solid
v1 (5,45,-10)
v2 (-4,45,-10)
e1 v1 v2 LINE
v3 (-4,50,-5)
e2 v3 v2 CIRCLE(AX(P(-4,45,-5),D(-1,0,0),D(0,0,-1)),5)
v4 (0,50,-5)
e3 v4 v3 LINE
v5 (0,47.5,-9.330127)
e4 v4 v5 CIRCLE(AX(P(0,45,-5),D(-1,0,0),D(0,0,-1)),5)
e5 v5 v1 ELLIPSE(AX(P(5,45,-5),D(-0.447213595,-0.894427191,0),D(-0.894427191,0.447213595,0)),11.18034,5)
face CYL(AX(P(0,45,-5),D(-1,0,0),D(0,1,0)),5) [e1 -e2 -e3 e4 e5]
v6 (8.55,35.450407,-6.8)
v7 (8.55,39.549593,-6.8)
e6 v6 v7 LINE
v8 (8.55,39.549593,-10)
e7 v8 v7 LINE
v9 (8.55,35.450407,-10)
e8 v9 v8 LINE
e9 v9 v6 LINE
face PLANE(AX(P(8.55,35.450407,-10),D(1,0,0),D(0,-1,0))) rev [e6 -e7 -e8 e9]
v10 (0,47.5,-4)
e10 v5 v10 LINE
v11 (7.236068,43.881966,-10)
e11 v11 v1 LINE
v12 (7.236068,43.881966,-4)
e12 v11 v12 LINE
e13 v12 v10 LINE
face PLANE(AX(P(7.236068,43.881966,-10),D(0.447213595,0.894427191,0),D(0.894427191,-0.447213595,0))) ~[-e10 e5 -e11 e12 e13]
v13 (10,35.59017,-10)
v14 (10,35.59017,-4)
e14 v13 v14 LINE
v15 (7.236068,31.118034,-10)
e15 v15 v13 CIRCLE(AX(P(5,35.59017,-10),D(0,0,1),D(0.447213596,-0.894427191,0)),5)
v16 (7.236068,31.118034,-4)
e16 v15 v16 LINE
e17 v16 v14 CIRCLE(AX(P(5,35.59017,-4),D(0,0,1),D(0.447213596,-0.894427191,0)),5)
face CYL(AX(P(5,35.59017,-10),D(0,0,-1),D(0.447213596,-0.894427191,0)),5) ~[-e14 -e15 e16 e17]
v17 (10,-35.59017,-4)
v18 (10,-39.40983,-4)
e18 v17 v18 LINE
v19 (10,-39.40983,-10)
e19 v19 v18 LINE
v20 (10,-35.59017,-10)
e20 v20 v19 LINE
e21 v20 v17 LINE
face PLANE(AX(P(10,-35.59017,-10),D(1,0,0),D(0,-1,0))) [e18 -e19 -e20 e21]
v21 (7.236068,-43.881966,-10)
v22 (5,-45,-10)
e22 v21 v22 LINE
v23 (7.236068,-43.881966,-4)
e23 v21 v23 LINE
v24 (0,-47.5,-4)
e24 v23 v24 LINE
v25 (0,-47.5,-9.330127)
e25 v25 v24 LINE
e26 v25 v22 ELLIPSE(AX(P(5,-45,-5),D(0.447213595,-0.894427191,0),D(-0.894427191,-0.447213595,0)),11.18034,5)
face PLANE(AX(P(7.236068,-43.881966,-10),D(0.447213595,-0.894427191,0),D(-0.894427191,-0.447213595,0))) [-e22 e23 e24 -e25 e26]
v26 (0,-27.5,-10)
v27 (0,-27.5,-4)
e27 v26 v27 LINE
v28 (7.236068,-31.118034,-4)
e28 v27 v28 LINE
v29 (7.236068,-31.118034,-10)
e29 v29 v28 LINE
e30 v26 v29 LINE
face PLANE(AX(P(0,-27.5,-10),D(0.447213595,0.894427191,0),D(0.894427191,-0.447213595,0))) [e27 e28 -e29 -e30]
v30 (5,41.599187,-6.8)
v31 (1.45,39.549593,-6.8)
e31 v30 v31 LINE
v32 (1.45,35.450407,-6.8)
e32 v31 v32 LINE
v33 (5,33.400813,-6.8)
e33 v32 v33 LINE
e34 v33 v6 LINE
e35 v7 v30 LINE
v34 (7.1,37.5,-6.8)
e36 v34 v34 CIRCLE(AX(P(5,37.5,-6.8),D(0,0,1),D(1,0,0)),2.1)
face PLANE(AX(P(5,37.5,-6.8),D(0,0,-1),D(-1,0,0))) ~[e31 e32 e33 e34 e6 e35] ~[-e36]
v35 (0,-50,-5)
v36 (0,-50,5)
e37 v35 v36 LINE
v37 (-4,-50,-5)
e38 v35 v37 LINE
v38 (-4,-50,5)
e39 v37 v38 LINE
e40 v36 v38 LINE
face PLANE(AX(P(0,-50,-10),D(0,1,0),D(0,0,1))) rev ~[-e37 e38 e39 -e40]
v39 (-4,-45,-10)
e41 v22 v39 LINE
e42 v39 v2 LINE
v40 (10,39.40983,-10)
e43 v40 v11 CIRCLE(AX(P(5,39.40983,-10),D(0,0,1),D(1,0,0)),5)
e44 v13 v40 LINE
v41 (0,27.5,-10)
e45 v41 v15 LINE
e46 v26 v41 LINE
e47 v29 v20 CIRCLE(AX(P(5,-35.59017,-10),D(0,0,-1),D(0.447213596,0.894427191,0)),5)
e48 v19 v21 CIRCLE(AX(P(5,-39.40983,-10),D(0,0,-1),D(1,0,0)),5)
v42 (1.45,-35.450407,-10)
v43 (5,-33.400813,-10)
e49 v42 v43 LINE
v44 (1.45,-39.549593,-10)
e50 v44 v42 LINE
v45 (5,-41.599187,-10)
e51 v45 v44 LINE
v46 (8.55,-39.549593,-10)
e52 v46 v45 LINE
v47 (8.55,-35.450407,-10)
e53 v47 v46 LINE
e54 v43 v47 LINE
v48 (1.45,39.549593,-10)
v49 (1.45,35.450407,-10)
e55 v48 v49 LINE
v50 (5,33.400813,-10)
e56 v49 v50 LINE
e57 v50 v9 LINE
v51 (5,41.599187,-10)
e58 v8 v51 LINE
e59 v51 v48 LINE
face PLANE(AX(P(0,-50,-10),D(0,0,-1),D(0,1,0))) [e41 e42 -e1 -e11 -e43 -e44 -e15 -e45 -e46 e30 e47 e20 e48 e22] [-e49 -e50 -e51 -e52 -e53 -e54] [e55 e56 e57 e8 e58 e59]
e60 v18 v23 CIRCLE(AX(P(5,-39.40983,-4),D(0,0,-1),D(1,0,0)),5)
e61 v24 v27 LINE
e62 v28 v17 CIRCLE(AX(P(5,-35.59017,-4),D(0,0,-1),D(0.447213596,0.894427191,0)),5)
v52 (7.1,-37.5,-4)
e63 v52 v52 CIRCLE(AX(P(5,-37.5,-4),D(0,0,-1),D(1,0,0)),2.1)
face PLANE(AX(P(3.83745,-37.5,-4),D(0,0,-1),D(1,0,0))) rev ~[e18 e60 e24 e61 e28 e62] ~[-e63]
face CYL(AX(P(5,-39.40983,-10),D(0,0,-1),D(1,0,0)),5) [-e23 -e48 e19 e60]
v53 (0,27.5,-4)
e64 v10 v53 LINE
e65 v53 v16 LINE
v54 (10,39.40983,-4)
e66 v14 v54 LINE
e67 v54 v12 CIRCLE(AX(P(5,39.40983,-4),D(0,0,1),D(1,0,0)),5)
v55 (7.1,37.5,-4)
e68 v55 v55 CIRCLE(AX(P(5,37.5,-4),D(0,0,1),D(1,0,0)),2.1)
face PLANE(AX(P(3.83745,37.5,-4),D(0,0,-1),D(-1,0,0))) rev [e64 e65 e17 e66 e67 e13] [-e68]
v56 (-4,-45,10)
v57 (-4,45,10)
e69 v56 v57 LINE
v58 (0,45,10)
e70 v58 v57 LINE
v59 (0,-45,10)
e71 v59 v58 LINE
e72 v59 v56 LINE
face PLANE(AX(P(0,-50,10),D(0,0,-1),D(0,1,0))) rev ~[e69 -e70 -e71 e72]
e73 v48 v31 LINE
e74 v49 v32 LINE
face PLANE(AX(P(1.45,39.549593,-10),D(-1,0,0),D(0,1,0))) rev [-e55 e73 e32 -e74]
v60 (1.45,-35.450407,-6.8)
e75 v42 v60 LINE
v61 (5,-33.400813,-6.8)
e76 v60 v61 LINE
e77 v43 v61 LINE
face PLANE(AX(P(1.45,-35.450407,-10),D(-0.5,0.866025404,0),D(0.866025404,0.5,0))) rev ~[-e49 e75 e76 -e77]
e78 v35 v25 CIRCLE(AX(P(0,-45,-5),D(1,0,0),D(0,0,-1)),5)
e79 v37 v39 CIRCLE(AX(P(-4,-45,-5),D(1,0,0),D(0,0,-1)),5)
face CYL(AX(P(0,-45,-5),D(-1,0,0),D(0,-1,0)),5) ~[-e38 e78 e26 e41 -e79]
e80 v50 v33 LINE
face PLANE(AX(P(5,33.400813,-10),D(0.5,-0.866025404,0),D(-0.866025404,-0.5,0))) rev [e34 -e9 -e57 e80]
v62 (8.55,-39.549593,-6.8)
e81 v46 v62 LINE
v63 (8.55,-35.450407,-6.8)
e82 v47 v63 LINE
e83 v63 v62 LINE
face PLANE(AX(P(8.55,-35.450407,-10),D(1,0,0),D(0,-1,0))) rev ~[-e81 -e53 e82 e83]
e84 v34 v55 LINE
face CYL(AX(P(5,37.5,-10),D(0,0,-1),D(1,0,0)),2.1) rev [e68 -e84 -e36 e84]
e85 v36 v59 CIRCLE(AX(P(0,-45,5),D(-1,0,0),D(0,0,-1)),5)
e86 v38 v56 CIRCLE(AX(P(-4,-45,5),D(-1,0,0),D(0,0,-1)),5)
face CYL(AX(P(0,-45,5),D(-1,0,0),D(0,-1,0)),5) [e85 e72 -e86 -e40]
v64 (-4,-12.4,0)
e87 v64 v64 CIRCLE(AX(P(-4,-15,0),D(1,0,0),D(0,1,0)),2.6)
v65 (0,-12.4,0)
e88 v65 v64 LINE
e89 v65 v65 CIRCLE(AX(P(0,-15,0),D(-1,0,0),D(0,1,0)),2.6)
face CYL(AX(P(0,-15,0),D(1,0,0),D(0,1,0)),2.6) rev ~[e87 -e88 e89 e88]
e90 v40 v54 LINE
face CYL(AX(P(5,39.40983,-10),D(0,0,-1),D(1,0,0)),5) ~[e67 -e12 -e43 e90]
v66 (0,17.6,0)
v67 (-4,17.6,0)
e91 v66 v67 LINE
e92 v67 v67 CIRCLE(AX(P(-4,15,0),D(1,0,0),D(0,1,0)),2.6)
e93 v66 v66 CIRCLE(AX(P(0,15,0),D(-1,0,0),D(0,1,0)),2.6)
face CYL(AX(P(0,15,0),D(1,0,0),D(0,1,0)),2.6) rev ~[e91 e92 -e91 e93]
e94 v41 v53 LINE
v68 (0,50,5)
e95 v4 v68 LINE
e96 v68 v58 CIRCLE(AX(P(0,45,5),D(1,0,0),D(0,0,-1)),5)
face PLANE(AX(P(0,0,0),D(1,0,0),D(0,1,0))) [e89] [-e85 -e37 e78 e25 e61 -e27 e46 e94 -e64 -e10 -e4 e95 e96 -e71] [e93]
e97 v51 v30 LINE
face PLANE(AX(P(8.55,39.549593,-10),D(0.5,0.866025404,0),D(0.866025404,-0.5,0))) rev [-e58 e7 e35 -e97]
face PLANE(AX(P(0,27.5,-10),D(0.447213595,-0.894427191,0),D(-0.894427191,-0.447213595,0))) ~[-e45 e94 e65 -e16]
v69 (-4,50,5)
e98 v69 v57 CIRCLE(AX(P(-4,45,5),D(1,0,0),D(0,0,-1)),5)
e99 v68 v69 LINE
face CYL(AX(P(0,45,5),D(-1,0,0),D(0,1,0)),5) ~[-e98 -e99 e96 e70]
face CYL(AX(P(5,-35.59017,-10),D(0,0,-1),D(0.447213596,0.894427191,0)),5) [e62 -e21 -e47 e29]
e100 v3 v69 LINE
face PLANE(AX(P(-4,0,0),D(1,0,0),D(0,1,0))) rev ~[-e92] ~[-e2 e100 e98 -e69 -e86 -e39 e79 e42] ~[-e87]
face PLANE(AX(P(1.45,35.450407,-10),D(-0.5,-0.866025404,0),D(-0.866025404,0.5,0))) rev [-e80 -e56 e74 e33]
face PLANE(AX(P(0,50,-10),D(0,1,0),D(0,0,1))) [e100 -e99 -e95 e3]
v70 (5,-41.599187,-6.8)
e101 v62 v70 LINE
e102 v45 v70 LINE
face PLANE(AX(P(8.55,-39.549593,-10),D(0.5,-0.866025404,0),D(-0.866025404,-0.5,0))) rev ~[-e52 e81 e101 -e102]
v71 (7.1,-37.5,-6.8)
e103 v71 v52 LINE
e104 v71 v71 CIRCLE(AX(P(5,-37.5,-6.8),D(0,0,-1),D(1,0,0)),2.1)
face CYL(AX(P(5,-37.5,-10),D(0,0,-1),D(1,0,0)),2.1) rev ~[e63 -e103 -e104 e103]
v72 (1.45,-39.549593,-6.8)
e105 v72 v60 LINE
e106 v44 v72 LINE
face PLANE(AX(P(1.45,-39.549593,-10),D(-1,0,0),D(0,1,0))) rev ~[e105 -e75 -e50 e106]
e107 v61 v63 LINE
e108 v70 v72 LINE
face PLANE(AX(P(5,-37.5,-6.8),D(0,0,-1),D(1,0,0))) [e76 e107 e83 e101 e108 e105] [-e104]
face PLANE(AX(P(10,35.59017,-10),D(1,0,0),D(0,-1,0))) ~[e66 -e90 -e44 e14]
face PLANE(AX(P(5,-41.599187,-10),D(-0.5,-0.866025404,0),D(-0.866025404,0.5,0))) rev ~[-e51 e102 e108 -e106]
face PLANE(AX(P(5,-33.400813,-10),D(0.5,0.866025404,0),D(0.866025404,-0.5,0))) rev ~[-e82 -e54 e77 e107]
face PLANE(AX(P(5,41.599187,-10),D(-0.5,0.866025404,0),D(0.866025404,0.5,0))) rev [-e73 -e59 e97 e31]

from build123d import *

# Parameters (mm, degrees)
F0_W     = 100
F0_H     = 20
F0_R     = 2.6
F1_DEPTH = 4
F2_R     = 2.1
F3_DEPTH = 6
F4_DEPTH = 3.2
F6_R     = 5


with BuildPart() as f1:
    # F0 (on Right) → F1 (new body)
    with BuildSketch(Plane.YZ):
        Rectangle(F0_W, F0_H)
        with Locations((-15, 0)):
            Circle(F0_R, mode=Mode.SUBTRACT)
        with Locations((15, 0)):
            Circle(F0_R, mode=Mode.SUBTRACT)
    extrude(amount=-F1_DEPTH)

    # F2 (on face) → F3 (join)
    with BuildSketch(Plane(origin=(0, 0, -10), x_dir=(1, 0, 0), z_dir=(0, 0, -1))):
        with BuildLine():
            Line((7.2360679775, 43.8819660113), (0, 47.5))
            Line((0, 47.5), (0, 27.5))
            Line((0, 27.5), (7.2360679775, 31.1180339887))
            ThreePointArc((7.2360679775, 31.1180339887), (9.2532540418, 32.9615143832), (10, 35.5901699437))
            Line((10, 35.5901699437), (10, 39.4098300563))
            ThreePointArc((10, 39.4098300563), (9.2532540418, 42.0384856168), (7.2360679775, 43.8819660113))
        make_face()
        Polygon((5, 41.5991869112), (8.55, 39.5495934556), (8.55, 35.4504065444), (5, 33.4008130888), (1.45, 35.4504065444), (1.45, 39.5495934556), align=None, mode=Mode.SUBTRACT)
        Polygon((8.55, 35.4504065444), (8.55, 39.5495934556), (5, 41.5991869112), (1.45, 39.5495934556), (1.45, 35.4504065444), (5, 33.4008130888), align=None)
        with Locations((5, 37.5)):
            Circle(F2_R, mode=Mode.SUBTRACT)
    extrude(amount=-F3_DEPTH)

    # F2 (on face) → F4 (cut)
    with BuildSketch(Plane(origin=(0, 0, -10), x_dir=(1, 0, 0), z_dir=(0, 0, -1))):
        Polygon((8.55, 35.4504065444), (8.55, 39.5495934556), (5, 41.5991869112), (1.45, 39.5495934556), (1.45, 35.4504065444), (5, 33.4008130888), align=None)
        with Locations((5, 37.5)):
            Circle(F2_R, mode=Mode.SUBTRACT)
    extrude(amount=-F4_DEPTH, mode=Mode.SUBTRACT)

    # F5: F1 across plane


with BuildPart() as f1_1:
    add(f1.part)
    add(f1.part.mirror(Plane.XZ))

    # F6
    f6_edges = [f1_1.edges().sort_by_distance(p)[0] for p in [
        (-2, -50, 10),
        (-2, -50, -10),
        (-2, 50, -10),
        (-2, 50, 10),
    ]]
    fillet(f6_edges, radius=F6_R)


solid = f1_1.part
